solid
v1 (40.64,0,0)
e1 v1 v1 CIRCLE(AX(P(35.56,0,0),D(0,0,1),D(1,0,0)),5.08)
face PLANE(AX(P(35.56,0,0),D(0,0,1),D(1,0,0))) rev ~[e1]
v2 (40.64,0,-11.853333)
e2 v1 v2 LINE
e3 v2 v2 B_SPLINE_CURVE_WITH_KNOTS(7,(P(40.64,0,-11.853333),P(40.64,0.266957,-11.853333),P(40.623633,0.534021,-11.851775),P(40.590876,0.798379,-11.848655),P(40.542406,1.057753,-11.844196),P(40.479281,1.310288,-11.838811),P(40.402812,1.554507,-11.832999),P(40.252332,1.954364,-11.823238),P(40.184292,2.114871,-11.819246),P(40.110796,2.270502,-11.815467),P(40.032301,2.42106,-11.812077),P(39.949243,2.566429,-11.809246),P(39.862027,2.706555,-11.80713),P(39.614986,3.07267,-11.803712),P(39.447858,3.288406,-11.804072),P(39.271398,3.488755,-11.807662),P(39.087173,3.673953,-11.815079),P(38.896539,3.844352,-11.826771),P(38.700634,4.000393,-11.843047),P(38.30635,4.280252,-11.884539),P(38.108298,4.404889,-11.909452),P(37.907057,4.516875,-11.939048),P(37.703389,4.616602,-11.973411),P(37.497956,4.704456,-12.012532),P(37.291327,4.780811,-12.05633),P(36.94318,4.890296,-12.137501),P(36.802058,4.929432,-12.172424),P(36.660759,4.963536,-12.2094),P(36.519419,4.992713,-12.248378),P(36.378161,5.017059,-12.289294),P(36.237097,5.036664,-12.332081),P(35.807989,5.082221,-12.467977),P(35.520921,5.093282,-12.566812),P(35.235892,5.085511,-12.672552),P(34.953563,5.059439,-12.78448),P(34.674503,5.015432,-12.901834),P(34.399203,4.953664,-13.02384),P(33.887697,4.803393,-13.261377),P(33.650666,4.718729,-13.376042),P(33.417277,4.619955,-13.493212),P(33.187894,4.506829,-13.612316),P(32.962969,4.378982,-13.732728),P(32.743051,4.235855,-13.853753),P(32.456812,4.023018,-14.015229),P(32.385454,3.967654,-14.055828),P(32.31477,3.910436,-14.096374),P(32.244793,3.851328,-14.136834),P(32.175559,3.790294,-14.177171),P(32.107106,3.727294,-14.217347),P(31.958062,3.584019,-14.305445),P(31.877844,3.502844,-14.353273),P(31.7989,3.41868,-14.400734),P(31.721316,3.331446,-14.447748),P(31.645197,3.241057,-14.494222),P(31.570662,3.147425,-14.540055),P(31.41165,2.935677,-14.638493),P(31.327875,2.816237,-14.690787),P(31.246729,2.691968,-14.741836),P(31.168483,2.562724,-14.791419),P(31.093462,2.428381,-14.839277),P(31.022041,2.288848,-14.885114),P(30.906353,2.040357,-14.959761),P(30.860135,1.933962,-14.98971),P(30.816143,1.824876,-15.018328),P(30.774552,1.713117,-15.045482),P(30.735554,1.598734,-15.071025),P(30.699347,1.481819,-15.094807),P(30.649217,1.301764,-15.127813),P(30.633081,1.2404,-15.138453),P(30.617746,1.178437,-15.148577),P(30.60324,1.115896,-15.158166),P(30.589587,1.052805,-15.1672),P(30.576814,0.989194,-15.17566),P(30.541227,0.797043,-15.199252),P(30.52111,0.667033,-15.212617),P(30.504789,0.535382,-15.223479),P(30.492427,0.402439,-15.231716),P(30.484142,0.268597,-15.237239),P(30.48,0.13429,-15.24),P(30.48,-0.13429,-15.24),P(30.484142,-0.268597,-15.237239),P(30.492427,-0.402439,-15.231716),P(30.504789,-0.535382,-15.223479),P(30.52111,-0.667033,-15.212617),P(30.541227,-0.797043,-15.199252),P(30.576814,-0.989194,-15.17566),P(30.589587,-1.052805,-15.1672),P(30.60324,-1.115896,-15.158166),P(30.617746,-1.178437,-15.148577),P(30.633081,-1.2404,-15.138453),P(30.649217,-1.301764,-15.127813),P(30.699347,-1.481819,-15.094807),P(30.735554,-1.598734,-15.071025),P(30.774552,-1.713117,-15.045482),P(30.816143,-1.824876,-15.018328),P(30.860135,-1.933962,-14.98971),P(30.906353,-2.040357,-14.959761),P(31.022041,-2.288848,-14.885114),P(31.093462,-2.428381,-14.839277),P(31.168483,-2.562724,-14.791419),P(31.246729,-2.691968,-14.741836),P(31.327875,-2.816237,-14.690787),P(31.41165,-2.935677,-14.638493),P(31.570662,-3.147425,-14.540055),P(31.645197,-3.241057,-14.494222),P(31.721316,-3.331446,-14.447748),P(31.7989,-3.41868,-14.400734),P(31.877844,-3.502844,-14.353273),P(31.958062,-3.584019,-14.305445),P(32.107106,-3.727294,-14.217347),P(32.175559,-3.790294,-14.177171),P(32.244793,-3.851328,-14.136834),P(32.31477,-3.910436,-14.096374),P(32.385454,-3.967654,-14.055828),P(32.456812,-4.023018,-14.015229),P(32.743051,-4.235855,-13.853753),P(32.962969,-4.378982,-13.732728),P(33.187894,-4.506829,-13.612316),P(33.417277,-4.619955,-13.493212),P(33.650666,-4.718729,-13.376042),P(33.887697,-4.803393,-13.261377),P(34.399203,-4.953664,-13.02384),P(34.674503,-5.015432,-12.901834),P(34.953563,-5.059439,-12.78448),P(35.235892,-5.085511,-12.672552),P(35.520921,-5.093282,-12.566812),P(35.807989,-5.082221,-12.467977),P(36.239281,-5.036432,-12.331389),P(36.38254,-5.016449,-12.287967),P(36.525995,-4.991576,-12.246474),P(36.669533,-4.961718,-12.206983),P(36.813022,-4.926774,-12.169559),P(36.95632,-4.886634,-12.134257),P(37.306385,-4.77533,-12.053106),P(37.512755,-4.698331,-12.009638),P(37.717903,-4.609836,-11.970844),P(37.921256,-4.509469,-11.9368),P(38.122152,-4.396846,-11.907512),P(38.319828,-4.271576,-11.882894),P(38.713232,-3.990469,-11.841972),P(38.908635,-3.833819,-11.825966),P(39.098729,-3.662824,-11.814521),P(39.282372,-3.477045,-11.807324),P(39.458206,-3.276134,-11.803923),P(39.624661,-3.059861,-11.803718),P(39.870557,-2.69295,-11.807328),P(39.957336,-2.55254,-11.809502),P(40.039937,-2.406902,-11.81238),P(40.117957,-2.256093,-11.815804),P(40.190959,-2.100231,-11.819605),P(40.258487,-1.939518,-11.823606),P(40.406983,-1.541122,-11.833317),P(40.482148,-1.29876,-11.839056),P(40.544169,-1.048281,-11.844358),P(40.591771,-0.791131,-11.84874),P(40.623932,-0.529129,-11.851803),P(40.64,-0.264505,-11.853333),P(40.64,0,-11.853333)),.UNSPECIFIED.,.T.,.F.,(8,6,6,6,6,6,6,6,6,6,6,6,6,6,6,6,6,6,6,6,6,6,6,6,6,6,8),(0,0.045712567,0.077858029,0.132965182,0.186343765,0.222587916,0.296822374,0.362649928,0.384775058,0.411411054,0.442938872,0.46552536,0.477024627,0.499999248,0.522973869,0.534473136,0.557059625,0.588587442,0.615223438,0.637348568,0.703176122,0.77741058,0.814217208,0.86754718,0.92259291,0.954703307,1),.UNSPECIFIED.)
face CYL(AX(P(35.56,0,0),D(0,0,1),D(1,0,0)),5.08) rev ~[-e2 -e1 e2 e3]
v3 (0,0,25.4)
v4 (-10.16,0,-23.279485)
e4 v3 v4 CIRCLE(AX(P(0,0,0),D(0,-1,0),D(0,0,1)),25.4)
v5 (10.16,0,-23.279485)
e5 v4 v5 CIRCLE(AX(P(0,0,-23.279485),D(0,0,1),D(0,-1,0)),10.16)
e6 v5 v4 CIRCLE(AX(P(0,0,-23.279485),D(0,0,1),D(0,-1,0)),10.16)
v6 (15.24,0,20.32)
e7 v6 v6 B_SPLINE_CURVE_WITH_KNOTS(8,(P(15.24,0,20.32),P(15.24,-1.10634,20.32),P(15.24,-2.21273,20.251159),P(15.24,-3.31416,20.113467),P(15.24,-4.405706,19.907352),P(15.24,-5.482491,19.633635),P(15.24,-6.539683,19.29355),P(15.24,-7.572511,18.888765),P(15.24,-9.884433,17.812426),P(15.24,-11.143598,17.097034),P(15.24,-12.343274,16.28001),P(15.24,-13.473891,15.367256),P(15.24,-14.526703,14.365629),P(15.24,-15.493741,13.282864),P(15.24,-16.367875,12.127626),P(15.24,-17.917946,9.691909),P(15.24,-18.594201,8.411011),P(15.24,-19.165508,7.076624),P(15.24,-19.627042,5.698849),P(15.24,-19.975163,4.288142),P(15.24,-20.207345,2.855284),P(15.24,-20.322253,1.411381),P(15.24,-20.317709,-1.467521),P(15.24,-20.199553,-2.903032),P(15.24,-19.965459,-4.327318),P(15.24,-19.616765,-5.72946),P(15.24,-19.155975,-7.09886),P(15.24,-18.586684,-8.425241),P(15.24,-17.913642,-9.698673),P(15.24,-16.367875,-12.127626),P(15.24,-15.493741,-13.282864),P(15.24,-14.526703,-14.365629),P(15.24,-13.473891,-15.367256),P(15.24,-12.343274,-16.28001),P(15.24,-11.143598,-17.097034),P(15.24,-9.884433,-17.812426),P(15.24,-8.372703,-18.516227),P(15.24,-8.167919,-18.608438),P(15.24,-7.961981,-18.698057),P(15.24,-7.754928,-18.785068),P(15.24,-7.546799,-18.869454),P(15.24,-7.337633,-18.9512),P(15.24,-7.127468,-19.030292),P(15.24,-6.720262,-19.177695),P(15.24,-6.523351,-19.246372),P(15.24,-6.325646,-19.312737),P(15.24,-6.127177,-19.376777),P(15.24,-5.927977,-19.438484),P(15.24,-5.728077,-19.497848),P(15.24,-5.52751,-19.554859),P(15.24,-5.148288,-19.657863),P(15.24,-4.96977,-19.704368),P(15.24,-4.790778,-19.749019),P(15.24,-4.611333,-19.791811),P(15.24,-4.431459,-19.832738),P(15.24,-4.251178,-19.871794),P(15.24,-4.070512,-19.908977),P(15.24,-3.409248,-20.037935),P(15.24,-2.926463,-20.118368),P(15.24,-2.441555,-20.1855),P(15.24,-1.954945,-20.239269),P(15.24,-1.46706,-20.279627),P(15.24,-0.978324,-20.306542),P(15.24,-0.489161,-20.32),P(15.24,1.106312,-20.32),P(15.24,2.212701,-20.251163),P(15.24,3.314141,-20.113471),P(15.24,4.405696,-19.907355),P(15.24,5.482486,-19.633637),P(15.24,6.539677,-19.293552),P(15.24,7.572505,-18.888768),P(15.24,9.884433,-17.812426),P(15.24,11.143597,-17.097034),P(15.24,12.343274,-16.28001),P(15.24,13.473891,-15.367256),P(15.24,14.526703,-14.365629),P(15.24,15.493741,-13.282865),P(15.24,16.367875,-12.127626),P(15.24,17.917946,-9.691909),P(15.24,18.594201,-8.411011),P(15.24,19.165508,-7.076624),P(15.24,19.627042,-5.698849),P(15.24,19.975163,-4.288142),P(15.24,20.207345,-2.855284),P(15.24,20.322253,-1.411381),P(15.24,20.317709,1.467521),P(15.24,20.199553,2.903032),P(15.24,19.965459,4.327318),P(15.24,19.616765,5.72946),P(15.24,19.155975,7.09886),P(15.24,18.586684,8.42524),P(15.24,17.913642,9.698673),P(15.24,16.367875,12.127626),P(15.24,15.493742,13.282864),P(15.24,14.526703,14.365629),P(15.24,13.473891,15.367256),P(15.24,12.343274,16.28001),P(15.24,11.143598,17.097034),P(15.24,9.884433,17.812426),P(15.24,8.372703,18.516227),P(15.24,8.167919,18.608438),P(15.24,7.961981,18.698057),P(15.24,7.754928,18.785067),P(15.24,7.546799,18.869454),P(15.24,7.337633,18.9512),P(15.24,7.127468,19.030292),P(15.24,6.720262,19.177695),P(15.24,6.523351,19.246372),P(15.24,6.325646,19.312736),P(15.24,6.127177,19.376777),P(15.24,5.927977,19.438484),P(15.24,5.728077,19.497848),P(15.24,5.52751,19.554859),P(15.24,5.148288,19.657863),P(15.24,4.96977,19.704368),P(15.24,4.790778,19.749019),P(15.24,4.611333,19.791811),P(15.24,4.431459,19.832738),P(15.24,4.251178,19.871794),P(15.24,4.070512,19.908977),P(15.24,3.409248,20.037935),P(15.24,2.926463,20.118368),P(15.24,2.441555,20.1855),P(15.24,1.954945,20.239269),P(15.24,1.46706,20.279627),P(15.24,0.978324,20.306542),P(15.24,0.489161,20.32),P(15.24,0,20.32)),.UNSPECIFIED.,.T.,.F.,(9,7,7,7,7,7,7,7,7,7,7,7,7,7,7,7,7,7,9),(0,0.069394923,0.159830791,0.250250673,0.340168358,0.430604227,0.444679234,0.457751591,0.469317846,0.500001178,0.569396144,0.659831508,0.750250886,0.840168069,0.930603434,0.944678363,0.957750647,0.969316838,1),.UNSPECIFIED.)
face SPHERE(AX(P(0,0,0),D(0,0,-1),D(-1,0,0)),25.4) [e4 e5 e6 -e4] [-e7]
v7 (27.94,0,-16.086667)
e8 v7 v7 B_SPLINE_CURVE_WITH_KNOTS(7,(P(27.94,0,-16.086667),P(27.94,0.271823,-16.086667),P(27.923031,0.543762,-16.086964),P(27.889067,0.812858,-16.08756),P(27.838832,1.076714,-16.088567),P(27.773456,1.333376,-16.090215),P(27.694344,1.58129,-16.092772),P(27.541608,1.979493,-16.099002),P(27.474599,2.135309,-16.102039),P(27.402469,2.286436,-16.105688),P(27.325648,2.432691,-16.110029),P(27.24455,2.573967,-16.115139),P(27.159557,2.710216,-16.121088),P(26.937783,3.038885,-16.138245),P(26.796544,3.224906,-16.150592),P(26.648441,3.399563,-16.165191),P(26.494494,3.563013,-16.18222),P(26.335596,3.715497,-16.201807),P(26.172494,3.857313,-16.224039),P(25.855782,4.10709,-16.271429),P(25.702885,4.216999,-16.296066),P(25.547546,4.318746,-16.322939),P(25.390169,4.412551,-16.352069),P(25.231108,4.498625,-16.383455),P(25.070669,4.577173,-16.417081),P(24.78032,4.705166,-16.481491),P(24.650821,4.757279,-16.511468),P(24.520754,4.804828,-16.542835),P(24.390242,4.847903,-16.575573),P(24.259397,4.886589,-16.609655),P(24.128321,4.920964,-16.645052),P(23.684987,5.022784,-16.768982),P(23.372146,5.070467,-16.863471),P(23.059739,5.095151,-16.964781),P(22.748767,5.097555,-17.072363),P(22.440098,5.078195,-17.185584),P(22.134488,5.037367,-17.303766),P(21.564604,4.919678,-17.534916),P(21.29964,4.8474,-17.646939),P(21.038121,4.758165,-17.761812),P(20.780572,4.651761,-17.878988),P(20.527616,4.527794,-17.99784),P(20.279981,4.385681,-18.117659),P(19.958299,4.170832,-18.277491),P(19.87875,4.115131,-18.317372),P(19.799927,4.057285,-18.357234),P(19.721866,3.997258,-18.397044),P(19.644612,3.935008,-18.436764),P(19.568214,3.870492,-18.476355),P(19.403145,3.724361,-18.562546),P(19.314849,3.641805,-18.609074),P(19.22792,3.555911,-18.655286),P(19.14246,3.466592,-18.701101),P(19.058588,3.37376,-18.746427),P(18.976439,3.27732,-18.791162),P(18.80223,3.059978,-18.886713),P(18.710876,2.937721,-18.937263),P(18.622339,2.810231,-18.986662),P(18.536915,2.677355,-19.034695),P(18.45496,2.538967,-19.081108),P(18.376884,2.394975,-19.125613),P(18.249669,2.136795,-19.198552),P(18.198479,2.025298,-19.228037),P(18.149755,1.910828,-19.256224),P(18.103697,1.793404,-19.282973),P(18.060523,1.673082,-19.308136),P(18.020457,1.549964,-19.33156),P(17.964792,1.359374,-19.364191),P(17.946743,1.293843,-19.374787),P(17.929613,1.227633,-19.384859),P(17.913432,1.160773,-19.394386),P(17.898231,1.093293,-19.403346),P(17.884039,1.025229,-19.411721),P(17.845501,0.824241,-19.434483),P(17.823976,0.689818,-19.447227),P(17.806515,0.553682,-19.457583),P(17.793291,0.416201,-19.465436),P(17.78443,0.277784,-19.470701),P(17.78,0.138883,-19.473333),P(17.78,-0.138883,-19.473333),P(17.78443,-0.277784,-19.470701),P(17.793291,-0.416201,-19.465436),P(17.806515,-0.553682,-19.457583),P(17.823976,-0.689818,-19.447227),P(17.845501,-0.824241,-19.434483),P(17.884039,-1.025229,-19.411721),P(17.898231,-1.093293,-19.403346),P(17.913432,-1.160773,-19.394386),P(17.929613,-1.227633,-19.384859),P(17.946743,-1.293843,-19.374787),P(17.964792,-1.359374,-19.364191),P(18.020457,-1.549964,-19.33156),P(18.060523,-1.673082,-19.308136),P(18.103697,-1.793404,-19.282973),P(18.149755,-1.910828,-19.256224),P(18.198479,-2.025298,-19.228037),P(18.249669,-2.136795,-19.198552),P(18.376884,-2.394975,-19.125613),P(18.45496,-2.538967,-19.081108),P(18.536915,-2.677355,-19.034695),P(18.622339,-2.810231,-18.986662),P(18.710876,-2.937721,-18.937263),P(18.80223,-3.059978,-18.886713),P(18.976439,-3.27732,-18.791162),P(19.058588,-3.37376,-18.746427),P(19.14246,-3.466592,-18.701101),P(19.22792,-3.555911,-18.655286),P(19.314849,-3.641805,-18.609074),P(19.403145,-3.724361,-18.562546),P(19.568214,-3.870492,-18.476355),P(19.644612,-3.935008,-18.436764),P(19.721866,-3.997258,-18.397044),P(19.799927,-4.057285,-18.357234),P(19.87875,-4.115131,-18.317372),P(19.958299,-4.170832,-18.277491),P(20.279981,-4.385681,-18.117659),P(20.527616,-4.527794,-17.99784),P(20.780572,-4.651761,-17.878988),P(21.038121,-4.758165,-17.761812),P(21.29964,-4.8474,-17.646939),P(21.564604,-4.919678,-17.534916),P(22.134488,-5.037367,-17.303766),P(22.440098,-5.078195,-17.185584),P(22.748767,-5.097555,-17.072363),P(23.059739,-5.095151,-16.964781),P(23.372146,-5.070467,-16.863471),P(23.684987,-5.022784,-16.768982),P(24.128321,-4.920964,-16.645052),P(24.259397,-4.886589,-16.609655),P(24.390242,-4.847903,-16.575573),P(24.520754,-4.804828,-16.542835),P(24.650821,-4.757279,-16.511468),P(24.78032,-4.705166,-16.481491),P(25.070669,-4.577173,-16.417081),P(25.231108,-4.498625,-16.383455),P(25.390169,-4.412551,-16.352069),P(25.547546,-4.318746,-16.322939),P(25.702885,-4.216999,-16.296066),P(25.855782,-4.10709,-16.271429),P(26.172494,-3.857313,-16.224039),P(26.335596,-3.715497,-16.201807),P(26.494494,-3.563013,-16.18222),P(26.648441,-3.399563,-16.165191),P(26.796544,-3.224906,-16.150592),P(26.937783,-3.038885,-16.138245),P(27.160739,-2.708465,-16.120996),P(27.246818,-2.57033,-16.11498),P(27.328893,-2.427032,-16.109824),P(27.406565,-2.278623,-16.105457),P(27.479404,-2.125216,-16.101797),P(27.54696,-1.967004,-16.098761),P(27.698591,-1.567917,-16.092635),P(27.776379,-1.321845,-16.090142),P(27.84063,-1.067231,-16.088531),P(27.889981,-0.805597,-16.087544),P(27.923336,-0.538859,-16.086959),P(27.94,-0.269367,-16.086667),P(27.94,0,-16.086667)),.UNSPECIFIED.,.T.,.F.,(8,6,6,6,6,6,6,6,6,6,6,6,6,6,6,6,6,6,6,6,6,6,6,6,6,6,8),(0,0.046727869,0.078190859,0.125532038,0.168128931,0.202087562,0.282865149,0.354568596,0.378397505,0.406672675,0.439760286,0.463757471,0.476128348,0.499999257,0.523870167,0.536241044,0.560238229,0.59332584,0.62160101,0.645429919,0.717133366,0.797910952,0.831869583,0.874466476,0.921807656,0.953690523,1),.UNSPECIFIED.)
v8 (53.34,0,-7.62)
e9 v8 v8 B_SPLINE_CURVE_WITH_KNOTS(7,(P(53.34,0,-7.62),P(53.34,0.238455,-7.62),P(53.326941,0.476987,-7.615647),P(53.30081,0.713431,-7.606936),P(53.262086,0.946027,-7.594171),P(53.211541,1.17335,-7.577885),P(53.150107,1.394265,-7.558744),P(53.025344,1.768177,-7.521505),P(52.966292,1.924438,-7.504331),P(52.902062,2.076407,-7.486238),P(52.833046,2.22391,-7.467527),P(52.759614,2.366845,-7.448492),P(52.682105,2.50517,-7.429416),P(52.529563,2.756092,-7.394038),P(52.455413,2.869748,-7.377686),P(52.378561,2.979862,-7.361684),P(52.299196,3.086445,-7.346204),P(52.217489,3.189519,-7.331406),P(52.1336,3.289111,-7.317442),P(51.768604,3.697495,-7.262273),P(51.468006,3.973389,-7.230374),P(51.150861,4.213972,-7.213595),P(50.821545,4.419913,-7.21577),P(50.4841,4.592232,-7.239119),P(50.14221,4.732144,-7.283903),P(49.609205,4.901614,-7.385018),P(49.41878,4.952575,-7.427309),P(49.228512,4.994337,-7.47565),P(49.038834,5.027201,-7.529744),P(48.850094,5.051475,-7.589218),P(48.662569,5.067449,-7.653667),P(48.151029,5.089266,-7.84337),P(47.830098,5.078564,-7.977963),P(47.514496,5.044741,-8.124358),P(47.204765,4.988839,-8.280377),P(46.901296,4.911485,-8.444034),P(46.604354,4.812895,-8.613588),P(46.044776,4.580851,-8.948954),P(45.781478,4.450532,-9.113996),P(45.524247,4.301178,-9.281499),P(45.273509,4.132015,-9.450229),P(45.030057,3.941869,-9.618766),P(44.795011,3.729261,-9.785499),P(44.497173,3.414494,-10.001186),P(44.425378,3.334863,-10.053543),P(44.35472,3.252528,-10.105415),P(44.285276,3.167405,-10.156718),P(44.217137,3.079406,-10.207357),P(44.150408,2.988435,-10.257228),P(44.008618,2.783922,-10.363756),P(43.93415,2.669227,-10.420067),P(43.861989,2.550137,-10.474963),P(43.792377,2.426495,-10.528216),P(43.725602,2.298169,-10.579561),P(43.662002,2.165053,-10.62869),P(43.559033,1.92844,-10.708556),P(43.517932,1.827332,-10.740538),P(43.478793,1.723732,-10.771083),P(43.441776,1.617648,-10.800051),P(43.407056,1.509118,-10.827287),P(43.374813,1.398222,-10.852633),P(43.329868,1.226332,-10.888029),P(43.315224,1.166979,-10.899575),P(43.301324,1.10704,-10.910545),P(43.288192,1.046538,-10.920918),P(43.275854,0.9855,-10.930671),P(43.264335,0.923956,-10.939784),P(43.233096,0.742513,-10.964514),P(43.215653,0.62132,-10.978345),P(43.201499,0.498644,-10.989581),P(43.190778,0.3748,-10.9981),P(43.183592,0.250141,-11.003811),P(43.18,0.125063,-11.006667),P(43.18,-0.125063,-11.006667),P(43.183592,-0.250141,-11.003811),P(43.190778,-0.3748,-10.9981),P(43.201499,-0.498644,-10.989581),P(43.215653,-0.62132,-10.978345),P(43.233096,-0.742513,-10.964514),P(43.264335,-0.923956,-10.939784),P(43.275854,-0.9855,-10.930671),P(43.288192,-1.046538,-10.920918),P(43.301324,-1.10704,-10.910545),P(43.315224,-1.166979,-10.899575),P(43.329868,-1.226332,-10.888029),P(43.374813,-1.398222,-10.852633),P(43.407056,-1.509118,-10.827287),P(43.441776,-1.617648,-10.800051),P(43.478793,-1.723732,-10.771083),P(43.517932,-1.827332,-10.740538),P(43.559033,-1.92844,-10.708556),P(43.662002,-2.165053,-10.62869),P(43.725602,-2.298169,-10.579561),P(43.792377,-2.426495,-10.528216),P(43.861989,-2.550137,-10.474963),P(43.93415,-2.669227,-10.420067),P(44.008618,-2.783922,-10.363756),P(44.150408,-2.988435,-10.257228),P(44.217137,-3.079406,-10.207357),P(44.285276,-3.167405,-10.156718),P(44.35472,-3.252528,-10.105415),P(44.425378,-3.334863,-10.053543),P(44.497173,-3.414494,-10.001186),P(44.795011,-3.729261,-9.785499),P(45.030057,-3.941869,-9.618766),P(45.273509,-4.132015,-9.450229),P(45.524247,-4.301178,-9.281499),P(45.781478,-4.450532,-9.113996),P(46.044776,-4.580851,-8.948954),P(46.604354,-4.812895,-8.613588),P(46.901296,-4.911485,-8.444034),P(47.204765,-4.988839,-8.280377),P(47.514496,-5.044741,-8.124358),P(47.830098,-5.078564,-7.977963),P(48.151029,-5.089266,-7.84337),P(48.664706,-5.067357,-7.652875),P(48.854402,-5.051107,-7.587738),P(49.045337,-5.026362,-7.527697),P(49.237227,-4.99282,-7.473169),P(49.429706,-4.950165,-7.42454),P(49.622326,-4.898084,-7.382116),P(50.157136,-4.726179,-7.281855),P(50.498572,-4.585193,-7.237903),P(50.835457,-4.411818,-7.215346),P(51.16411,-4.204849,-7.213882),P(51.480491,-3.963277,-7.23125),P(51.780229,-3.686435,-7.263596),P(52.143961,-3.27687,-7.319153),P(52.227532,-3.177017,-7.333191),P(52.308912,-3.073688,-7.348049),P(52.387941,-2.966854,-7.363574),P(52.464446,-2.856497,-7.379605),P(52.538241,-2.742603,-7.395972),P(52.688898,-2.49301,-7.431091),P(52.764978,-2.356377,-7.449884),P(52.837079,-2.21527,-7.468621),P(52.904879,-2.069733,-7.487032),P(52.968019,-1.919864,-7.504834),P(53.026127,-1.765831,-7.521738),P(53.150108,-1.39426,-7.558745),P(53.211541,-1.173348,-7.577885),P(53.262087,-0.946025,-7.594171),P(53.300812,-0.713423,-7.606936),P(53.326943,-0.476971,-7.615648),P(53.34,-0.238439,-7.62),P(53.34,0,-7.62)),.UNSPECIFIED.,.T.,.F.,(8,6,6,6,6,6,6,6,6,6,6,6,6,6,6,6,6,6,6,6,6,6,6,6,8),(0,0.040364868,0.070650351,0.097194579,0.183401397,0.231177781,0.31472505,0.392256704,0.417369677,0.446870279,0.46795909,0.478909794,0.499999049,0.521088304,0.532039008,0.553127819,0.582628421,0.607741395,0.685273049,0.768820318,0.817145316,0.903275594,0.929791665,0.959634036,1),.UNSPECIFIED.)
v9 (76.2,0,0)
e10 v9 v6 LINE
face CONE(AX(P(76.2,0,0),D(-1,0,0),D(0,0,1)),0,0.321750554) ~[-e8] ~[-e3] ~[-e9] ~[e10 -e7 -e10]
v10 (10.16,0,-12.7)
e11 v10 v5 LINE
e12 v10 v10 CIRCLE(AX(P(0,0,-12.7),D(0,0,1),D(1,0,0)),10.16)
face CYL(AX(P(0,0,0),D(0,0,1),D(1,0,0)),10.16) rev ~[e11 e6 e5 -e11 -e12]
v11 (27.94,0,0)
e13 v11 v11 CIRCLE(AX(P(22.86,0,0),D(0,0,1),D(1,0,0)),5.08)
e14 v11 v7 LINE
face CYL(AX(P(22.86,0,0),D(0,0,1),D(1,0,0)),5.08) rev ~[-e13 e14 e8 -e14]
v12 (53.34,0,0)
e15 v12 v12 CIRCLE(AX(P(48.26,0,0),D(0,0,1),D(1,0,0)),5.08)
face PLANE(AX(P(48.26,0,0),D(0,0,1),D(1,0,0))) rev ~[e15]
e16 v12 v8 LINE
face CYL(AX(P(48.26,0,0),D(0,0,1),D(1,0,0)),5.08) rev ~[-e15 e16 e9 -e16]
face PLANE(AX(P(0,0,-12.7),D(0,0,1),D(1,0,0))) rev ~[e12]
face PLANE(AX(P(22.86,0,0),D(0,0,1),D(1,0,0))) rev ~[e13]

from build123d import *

# Parameters (mm, degrees)
F4_R     = 10.16
F5_DEPTH = 25.4
F6_R     = 10.16
F7_DEPTH = 12.7
F8_R     = 5.08
F9_DEPTH = 25.4


with BuildPart() as f1:
    # F0 (on Front) → F1 (revolve)
    with BuildSketch(Plane.XZ):
        with BuildLine():
            Line((0, -25.4), (0, 25.4))
            ThreePointArc((0, 25.4), (-25.4, 0), (0, -25.4))
        make_face()
    revolve(axis=Axis((0, 0, 0), (0, 0, -1)))

    # F2 (on Front) → F3 (revolve)
    with BuildSketch(Plane.XZ):
        Polygon((0, 25.4), (0, 0), (76.2, 0), align=None)
    revolve(axis=Axis((38.1, 0, 0), (1, 0, 0)))

    # F4 (on Top) → F5 (cut)
    with BuildSketch(Plane.XY):
        Circle(F4_R)
    extrude(amount=-F5_DEPTH, mode=Mode.SUBTRACT)

    # F6 (on Top) → F7 (join)
    with BuildSketch(Plane.XY):
        Circle(F6_R)
    extrude(amount=-F7_DEPTH)

    # F8 (on Top) → F9 (cut)
    with BuildSketch(Plane.XY):
        with Locations((22.86, 0)):
            Circle(F8_R)
        with Locations((35.56, 0)):
            Circle(F8_R)
        with Locations((48.26, 0)):
            Circle(F8_R)
    extrude(amount=-F9_DEPTH, mode=Mode.SUBTRACT)


solid = f1.part
